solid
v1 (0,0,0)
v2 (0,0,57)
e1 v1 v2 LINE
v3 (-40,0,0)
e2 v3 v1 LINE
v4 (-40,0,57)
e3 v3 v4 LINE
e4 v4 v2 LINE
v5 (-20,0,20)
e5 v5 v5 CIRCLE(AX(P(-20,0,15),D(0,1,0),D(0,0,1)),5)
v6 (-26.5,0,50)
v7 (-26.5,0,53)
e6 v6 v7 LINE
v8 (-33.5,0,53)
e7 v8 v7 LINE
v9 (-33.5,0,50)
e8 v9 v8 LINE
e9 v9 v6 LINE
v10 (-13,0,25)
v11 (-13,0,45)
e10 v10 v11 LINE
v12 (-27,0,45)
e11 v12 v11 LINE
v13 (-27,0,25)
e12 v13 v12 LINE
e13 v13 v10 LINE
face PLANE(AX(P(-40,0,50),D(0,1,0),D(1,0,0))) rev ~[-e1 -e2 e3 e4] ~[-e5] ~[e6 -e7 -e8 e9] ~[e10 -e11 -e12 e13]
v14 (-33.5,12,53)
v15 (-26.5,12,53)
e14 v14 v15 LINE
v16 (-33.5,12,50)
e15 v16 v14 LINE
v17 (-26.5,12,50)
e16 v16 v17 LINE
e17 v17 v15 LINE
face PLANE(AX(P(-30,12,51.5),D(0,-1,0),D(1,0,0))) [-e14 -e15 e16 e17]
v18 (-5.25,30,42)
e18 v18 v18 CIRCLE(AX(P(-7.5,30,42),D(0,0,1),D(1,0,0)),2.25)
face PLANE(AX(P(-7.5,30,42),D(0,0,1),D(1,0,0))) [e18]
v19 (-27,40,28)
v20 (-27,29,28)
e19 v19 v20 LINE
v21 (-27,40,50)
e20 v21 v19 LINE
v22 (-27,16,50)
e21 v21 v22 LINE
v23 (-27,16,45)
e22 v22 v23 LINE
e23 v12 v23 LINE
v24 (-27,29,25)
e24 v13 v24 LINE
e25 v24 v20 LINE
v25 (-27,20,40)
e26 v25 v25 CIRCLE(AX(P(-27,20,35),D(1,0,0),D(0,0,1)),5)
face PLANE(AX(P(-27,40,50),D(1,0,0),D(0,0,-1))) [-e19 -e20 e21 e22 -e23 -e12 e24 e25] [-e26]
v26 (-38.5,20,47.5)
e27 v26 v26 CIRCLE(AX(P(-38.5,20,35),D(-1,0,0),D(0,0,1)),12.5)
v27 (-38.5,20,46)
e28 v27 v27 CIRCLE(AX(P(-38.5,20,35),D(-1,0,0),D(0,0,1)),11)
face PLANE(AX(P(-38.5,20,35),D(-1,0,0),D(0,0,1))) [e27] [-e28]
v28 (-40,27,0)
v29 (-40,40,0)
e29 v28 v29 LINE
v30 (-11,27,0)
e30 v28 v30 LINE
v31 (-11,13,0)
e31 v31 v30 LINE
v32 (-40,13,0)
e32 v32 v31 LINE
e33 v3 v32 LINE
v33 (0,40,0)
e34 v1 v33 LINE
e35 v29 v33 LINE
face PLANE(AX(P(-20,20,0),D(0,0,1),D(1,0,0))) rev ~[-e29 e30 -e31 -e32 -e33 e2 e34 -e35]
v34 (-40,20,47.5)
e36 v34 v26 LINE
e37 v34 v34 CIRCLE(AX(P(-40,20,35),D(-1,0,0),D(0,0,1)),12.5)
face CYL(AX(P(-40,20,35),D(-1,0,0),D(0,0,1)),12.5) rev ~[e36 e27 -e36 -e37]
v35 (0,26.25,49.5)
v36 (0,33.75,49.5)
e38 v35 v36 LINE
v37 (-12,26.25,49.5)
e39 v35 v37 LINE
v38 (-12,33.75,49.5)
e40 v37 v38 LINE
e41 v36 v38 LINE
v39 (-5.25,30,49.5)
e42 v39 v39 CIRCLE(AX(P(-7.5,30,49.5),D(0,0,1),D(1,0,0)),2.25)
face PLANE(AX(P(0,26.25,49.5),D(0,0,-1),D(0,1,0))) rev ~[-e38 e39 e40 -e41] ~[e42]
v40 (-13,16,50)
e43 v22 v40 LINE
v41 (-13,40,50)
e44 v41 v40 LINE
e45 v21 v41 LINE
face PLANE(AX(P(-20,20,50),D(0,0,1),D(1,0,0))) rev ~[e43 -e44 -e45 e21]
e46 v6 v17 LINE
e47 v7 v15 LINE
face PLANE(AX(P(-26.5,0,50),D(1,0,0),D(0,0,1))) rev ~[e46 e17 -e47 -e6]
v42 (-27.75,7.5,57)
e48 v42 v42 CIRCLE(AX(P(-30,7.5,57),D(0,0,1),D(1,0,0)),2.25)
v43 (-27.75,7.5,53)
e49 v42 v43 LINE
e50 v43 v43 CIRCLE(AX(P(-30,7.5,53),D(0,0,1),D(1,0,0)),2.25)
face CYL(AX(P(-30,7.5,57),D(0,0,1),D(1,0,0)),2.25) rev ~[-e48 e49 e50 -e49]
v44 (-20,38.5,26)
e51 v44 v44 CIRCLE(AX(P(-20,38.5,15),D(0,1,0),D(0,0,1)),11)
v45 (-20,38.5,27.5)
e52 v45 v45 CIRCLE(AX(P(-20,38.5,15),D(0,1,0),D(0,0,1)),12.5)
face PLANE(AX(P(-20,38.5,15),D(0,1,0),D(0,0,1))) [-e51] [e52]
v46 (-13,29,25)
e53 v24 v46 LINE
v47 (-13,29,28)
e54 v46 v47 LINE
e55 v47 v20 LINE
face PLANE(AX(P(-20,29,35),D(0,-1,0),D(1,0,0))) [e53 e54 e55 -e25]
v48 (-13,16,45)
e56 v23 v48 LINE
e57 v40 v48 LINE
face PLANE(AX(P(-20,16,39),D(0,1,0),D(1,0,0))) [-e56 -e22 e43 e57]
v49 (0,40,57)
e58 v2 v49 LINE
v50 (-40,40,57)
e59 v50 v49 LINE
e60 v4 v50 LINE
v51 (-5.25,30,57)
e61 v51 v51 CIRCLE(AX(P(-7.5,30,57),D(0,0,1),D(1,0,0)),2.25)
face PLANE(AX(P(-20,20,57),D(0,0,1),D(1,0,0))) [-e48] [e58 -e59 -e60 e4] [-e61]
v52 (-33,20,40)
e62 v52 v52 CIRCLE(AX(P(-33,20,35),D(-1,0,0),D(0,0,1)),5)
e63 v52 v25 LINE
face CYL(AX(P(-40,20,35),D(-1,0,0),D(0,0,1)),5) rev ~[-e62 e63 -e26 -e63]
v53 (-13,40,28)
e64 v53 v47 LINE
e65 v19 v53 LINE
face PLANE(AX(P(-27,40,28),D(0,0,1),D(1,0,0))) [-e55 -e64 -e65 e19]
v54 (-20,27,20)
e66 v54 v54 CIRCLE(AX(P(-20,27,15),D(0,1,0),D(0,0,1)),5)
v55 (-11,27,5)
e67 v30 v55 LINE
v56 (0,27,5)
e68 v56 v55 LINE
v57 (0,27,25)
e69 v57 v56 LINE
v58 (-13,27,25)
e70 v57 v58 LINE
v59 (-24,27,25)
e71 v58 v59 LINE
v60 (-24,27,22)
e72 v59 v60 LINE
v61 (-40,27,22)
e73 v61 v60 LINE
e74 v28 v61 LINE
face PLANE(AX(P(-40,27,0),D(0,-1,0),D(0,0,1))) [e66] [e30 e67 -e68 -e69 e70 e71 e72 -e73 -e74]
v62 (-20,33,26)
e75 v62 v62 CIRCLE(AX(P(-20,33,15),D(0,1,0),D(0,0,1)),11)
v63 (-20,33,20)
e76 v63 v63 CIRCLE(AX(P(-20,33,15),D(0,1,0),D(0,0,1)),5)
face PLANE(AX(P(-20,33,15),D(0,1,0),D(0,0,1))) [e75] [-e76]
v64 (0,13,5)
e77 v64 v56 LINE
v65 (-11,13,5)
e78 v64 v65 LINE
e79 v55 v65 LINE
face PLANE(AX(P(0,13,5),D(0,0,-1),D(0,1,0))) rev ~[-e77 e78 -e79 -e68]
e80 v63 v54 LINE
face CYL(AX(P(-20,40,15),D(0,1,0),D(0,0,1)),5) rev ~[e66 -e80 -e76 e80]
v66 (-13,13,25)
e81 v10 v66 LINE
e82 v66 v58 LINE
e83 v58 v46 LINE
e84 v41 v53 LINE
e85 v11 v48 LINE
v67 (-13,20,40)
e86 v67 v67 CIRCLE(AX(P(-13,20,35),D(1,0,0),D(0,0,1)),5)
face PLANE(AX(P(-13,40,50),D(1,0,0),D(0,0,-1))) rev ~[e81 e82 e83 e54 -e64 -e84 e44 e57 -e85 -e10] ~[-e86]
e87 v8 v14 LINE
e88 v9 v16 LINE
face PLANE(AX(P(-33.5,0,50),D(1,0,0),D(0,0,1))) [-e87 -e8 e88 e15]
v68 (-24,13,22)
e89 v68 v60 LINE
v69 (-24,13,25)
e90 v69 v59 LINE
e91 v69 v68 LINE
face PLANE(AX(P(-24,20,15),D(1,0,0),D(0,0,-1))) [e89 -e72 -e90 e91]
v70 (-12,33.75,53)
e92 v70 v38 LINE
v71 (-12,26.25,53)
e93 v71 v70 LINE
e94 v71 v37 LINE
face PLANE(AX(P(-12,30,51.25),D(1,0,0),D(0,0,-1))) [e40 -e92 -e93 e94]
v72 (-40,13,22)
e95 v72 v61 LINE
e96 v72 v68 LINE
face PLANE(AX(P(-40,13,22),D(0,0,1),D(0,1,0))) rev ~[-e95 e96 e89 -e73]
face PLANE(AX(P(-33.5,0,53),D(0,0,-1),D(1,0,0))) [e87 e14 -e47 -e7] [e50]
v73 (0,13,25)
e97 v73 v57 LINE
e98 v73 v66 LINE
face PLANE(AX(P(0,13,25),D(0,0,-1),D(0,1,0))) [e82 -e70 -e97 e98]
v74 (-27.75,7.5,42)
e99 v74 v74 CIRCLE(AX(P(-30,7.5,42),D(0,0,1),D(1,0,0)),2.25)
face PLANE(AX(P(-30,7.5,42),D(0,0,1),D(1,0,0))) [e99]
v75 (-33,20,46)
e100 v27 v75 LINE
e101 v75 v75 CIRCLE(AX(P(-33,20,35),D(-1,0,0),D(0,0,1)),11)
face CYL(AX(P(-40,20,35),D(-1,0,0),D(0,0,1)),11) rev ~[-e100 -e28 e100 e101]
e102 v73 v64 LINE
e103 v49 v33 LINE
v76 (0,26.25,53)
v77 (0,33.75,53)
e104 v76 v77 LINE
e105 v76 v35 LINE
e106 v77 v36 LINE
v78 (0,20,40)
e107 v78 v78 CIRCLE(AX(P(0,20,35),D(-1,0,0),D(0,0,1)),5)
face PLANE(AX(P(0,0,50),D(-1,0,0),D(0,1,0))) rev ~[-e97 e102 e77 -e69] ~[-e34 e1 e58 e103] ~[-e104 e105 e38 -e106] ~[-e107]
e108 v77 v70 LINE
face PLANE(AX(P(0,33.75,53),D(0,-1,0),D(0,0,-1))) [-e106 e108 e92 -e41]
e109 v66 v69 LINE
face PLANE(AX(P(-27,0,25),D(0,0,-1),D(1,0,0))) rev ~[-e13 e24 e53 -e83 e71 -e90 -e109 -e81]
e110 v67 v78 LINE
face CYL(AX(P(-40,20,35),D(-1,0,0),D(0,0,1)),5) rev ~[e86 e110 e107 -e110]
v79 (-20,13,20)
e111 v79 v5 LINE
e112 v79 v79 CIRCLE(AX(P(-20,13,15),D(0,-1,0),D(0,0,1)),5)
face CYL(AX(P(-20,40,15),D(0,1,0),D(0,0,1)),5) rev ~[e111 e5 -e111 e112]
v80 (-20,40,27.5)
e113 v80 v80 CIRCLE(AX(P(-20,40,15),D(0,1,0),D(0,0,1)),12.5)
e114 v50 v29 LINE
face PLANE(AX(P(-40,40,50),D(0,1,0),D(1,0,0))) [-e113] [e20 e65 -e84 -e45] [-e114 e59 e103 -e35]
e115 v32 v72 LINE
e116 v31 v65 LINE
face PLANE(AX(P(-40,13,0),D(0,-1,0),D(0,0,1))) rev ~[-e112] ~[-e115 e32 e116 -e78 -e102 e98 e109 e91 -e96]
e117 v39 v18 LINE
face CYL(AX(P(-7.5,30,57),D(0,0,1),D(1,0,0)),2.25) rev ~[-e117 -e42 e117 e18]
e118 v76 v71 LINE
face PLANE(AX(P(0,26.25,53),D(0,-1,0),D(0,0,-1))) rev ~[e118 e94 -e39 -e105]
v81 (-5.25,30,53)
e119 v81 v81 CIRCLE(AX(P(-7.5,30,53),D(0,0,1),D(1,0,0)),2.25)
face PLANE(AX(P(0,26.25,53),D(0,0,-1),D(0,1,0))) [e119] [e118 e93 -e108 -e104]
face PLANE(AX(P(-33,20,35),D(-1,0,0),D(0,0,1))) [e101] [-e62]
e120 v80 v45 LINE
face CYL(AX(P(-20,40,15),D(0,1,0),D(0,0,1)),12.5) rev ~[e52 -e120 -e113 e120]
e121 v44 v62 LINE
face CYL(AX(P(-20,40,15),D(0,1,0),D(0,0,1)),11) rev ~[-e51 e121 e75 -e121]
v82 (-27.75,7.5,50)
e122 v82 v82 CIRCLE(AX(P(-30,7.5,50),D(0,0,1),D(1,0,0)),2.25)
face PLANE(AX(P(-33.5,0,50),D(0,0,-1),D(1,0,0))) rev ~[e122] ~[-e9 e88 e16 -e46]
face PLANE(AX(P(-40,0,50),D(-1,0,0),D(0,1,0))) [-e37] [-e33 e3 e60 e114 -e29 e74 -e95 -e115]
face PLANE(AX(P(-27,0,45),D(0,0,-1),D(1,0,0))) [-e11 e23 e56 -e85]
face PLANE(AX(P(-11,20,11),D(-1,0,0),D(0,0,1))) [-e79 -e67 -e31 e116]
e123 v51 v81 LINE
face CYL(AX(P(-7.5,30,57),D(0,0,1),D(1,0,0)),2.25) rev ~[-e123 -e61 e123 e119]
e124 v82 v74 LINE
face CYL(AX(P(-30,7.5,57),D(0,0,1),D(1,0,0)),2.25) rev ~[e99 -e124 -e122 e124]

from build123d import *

# Parameters (mm, degrees)
ESQUISSE1_W              = 40
ESQUISSE1_H              = 40
BOSS_EXTRU_1_DEPTH       = 50
ESQUISSE2_R              = 5
ENL_V_MAT_EXTRU_1_DEPTH  = 41
ESQUISSE3_R              = 5
ENL_V_MAT_EXTRU_2_DEPTH  = 41
ESQUISSE4_W              = 22
ESQUISSE4_H              = 14
ENL_V_MAT_EXTRU_3_DEPTH  = 29
ESQUISSE5_W              = 14
ESQUISSE5_H              = 20
ENL_V_MAT_EXTRU_4_DEPTH  = 29
ESQUISSE6_W              = 20
ESQUISSE6_H              = 14
ENL_V_MAT_EXTRU_5_DEPTH  = 24
ESQUISSE7_W              = 14
ESQUISSE7_H              = 22
ENL_V_MAT_EXTRU_6_DEPTH  = 24
ESQUISSE10_R             = 11
ENL_V_MAT_EXTRU_9_DEPTH  = 7
ESQUISSE11_R             = 12.5
ENL_V_MAT_EXTRU_10_DEPTH = 1.5
ESQUISSE14_R             = 11
ENL_V_MAT_EXTRU_11_DEPTH = 7
ESQUISSE15_R             = 12.5
ENL_V_MAT_EXTRU_12_DEPTH = 1.5
ESQUISSE16_W             = 40
ESQUISSE16_H             = 40
BOSS_EXTRU_2_DEPTH       = 7
ESQUISSE17_R             = 2.25
ENL_V_MAT_EXTRU_13_DEPTH = 15
ESQUISSE18_W             = 7
ESQUISSE18_H             = 3
ENL_V_MAT_EXTRU_14_DEPTH = 12
ESQUISSE19_W             = 3.5
ESQUISSE19_H             = 7.5
ENL_V_MAT_EXTRU_15_DEPTH = 12


with BuildPart() as part:
    # Esquisse1 → Boss.-Extru.1 (new body)
    with BuildSketch(Plane.XY):
        with Locations((-20, 20)):
            Rectangle(ESQUISSE1_W, ESQUISSE1_H)
    extrude(amount=BOSS_EXTRU_1_DEPTH)

    # Esquisse2 → Enlèv. mat.-Extru.1 (cut, through all)
    with BuildSketch(Plane(origin=(0, 40, 0), x_dir=(1, 0, 0), z_dir=(0, 1, 0))):
        with Locations(Location((-20, -15, 0), (0, 0, 270))):  # turned: the seam where the file's is
            Circle(ESQUISSE2_R)
    extrude(amount=-ENL_V_MAT_EXTRU_1_DEPTH, mode=Mode.SUBTRACT)

    # Esquisse3 → Enlèv. mat.-Extru.2 (cut, through all)
    with BuildSketch(Plane.ZY.offset(40)):
        with Locations((35, 20)):
            Circle(ESQUISSE3_R)
    extrude(amount=-ENL_V_MAT_EXTRU_2_DEPTH, mode=Mode.SUBTRACT)

    # Esquisse4 → Enlèv. mat.-Extru.3 (cut)
    with BuildSketch(Plane.ZY.offset(40)):
        with Locations((11, 20)):
            Rectangle(ESQUISSE4_W, ESQUISSE4_H)
    extrude(amount=-ENL_V_MAT_EXTRU_3_DEPTH, mode=Mode.SUBTRACT)

    # Esquisse5 → Enlèv. mat.-Extru.4 (cut)
    with BuildSketch(Plane.XZ):
        with Locations((-20, 35)):
            Rectangle(ESQUISSE5_W, ESQUISSE5_H)
    extrude(amount=-ENL_V_MAT_EXTRU_4_DEPTH, mode=Mode.SUBTRACT)

    # Esquisse6 → Enlèv. mat.-Extru.5 (cut)
    with BuildSketch(Plane(origin=(0, 0, 0), x_dir=(0, 0, -1), z_dir=(1, 0, 0))):
        with Locations((-15, 20)):
            Rectangle(ESQUISSE6_W, ESQUISSE6_H)
    extrude(amount=-ENL_V_MAT_EXTRU_5_DEPTH, mode=Mode.SUBTRACT)

    # Esquisse7 → Enlèv. mat.-Extru.6 (cut)
    with BuildSketch(Plane(origin=(0, 40, 0), x_dir=(1, 0, 0), z_dir=(0, 1, 0))):
        with Locations((-20, -39)):
            Rectangle(ESQUISSE7_W, ESQUISSE7_H)
    extrude(amount=-ENL_V_MAT_EXTRU_6_DEPTH, mode=Mode.SUBTRACT)

    # Esquisse10 → Enlèv. mat.-Extru.9 (cut)
    with BuildSketch(Plane(origin=(0, 40, 0), x_dir=(1, 0, 0), z_dir=(0, 1, 0))):
        with Locations(Location((-20, -15, 0), (0, 0, 270))):  # turned: the seam where the file's is
            Circle(ESQUISSE10_R)
    extrude(amount=-ENL_V_MAT_EXTRU_9_DEPTH, mode=Mode.SUBTRACT)

    # Esquisse11 → Enlèv. mat.-Extru.10 (cut)
    with BuildSketch(Plane(origin=(0, 40, 0), x_dir=(1, 0, 0), z_dir=(0, 1, 0))):
        with Locations(Location((-20, -15, 0), (0, 0, 270))):  # turned: the seam where the file's is
            Circle(ESQUISSE11_R)
    extrude(amount=-ENL_V_MAT_EXTRU_10_DEPTH, mode=Mode.SUBTRACT)

    # Esquisse14 → Enlèv. mat.-Extru.11 (cut)
    with BuildSketch(Plane.ZY.offset(40)):
        with Locations((35, 20)):
            Circle(ESQUISSE14_R)
    extrude(amount=-ENL_V_MAT_EXTRU_11_DEPTH, mode=Mode.SUBTRACT)

    # Esquisse15 → Enlèv. mat.-Extru.12 (cut)
    with BuildSketch(Plane.ZY.offset(40)):
        with Locations((35, 20)):
            Circle(ESQUISSE15_R)
    extrude(amount=-ENL_V_MAT_EXTRU_12_DEPTH, mode=Mode.SUBTRACT)

    # Esquisse16 → Boss.-Extru.2 (add)
    with BuildSketch(Plane.XY.offset(50)):
        with Locations((-20, 20)):
            Rectangle(ESQUISSE16_W, ESQUISSE16_H)
    extrude(amount=BOSS_EXTRU_2_DEPTH)

    # Esquisse17 → Enlèv. mat.-Extru.13 (cut)
    with BuildSketch(Plane.XY.offset(57)):
        with Locations((-30, 7.5)):
            Circle(ESQUISSE17_R)
        with Locations((-7.5, 30)):
            Circle(ESQUISSE17_R)
    extrude(amount=-ENL_V_MAT_EXTRU_13_DEPTH, mode=Mode.SUBTRACT)

    # Esquisse18 → Enlèv. mat.-Extru.14 (cut)
    with BuildSketch(Plane.XZ):
        with Locations((-30, 51.5)):
            Rectangle(ESQUISSE18_W, ESQUISSE18_H)
    extrude(amount=-ENL_V_MAT_EXTRU_14_DEPTH, mode=Mode.SUBTRACT)

    # Esquisse19 → Enlèv. mat.-Extru.15 (cut)
    with BuildSketch(Plane(origin=(0, 0, 0), x_dir=(0, 0, -1), z_dir=(1, 0, 0))):
        with Locations((-51.25, 30)):
            Rectangle(ESQUISSE19_W, ESQUISSE19_H)
    extrude(amount=-ENL_V_MAT_EXTRU_15_DEPTH, mode=Mode.SUBTRACT)


solid = part.part
